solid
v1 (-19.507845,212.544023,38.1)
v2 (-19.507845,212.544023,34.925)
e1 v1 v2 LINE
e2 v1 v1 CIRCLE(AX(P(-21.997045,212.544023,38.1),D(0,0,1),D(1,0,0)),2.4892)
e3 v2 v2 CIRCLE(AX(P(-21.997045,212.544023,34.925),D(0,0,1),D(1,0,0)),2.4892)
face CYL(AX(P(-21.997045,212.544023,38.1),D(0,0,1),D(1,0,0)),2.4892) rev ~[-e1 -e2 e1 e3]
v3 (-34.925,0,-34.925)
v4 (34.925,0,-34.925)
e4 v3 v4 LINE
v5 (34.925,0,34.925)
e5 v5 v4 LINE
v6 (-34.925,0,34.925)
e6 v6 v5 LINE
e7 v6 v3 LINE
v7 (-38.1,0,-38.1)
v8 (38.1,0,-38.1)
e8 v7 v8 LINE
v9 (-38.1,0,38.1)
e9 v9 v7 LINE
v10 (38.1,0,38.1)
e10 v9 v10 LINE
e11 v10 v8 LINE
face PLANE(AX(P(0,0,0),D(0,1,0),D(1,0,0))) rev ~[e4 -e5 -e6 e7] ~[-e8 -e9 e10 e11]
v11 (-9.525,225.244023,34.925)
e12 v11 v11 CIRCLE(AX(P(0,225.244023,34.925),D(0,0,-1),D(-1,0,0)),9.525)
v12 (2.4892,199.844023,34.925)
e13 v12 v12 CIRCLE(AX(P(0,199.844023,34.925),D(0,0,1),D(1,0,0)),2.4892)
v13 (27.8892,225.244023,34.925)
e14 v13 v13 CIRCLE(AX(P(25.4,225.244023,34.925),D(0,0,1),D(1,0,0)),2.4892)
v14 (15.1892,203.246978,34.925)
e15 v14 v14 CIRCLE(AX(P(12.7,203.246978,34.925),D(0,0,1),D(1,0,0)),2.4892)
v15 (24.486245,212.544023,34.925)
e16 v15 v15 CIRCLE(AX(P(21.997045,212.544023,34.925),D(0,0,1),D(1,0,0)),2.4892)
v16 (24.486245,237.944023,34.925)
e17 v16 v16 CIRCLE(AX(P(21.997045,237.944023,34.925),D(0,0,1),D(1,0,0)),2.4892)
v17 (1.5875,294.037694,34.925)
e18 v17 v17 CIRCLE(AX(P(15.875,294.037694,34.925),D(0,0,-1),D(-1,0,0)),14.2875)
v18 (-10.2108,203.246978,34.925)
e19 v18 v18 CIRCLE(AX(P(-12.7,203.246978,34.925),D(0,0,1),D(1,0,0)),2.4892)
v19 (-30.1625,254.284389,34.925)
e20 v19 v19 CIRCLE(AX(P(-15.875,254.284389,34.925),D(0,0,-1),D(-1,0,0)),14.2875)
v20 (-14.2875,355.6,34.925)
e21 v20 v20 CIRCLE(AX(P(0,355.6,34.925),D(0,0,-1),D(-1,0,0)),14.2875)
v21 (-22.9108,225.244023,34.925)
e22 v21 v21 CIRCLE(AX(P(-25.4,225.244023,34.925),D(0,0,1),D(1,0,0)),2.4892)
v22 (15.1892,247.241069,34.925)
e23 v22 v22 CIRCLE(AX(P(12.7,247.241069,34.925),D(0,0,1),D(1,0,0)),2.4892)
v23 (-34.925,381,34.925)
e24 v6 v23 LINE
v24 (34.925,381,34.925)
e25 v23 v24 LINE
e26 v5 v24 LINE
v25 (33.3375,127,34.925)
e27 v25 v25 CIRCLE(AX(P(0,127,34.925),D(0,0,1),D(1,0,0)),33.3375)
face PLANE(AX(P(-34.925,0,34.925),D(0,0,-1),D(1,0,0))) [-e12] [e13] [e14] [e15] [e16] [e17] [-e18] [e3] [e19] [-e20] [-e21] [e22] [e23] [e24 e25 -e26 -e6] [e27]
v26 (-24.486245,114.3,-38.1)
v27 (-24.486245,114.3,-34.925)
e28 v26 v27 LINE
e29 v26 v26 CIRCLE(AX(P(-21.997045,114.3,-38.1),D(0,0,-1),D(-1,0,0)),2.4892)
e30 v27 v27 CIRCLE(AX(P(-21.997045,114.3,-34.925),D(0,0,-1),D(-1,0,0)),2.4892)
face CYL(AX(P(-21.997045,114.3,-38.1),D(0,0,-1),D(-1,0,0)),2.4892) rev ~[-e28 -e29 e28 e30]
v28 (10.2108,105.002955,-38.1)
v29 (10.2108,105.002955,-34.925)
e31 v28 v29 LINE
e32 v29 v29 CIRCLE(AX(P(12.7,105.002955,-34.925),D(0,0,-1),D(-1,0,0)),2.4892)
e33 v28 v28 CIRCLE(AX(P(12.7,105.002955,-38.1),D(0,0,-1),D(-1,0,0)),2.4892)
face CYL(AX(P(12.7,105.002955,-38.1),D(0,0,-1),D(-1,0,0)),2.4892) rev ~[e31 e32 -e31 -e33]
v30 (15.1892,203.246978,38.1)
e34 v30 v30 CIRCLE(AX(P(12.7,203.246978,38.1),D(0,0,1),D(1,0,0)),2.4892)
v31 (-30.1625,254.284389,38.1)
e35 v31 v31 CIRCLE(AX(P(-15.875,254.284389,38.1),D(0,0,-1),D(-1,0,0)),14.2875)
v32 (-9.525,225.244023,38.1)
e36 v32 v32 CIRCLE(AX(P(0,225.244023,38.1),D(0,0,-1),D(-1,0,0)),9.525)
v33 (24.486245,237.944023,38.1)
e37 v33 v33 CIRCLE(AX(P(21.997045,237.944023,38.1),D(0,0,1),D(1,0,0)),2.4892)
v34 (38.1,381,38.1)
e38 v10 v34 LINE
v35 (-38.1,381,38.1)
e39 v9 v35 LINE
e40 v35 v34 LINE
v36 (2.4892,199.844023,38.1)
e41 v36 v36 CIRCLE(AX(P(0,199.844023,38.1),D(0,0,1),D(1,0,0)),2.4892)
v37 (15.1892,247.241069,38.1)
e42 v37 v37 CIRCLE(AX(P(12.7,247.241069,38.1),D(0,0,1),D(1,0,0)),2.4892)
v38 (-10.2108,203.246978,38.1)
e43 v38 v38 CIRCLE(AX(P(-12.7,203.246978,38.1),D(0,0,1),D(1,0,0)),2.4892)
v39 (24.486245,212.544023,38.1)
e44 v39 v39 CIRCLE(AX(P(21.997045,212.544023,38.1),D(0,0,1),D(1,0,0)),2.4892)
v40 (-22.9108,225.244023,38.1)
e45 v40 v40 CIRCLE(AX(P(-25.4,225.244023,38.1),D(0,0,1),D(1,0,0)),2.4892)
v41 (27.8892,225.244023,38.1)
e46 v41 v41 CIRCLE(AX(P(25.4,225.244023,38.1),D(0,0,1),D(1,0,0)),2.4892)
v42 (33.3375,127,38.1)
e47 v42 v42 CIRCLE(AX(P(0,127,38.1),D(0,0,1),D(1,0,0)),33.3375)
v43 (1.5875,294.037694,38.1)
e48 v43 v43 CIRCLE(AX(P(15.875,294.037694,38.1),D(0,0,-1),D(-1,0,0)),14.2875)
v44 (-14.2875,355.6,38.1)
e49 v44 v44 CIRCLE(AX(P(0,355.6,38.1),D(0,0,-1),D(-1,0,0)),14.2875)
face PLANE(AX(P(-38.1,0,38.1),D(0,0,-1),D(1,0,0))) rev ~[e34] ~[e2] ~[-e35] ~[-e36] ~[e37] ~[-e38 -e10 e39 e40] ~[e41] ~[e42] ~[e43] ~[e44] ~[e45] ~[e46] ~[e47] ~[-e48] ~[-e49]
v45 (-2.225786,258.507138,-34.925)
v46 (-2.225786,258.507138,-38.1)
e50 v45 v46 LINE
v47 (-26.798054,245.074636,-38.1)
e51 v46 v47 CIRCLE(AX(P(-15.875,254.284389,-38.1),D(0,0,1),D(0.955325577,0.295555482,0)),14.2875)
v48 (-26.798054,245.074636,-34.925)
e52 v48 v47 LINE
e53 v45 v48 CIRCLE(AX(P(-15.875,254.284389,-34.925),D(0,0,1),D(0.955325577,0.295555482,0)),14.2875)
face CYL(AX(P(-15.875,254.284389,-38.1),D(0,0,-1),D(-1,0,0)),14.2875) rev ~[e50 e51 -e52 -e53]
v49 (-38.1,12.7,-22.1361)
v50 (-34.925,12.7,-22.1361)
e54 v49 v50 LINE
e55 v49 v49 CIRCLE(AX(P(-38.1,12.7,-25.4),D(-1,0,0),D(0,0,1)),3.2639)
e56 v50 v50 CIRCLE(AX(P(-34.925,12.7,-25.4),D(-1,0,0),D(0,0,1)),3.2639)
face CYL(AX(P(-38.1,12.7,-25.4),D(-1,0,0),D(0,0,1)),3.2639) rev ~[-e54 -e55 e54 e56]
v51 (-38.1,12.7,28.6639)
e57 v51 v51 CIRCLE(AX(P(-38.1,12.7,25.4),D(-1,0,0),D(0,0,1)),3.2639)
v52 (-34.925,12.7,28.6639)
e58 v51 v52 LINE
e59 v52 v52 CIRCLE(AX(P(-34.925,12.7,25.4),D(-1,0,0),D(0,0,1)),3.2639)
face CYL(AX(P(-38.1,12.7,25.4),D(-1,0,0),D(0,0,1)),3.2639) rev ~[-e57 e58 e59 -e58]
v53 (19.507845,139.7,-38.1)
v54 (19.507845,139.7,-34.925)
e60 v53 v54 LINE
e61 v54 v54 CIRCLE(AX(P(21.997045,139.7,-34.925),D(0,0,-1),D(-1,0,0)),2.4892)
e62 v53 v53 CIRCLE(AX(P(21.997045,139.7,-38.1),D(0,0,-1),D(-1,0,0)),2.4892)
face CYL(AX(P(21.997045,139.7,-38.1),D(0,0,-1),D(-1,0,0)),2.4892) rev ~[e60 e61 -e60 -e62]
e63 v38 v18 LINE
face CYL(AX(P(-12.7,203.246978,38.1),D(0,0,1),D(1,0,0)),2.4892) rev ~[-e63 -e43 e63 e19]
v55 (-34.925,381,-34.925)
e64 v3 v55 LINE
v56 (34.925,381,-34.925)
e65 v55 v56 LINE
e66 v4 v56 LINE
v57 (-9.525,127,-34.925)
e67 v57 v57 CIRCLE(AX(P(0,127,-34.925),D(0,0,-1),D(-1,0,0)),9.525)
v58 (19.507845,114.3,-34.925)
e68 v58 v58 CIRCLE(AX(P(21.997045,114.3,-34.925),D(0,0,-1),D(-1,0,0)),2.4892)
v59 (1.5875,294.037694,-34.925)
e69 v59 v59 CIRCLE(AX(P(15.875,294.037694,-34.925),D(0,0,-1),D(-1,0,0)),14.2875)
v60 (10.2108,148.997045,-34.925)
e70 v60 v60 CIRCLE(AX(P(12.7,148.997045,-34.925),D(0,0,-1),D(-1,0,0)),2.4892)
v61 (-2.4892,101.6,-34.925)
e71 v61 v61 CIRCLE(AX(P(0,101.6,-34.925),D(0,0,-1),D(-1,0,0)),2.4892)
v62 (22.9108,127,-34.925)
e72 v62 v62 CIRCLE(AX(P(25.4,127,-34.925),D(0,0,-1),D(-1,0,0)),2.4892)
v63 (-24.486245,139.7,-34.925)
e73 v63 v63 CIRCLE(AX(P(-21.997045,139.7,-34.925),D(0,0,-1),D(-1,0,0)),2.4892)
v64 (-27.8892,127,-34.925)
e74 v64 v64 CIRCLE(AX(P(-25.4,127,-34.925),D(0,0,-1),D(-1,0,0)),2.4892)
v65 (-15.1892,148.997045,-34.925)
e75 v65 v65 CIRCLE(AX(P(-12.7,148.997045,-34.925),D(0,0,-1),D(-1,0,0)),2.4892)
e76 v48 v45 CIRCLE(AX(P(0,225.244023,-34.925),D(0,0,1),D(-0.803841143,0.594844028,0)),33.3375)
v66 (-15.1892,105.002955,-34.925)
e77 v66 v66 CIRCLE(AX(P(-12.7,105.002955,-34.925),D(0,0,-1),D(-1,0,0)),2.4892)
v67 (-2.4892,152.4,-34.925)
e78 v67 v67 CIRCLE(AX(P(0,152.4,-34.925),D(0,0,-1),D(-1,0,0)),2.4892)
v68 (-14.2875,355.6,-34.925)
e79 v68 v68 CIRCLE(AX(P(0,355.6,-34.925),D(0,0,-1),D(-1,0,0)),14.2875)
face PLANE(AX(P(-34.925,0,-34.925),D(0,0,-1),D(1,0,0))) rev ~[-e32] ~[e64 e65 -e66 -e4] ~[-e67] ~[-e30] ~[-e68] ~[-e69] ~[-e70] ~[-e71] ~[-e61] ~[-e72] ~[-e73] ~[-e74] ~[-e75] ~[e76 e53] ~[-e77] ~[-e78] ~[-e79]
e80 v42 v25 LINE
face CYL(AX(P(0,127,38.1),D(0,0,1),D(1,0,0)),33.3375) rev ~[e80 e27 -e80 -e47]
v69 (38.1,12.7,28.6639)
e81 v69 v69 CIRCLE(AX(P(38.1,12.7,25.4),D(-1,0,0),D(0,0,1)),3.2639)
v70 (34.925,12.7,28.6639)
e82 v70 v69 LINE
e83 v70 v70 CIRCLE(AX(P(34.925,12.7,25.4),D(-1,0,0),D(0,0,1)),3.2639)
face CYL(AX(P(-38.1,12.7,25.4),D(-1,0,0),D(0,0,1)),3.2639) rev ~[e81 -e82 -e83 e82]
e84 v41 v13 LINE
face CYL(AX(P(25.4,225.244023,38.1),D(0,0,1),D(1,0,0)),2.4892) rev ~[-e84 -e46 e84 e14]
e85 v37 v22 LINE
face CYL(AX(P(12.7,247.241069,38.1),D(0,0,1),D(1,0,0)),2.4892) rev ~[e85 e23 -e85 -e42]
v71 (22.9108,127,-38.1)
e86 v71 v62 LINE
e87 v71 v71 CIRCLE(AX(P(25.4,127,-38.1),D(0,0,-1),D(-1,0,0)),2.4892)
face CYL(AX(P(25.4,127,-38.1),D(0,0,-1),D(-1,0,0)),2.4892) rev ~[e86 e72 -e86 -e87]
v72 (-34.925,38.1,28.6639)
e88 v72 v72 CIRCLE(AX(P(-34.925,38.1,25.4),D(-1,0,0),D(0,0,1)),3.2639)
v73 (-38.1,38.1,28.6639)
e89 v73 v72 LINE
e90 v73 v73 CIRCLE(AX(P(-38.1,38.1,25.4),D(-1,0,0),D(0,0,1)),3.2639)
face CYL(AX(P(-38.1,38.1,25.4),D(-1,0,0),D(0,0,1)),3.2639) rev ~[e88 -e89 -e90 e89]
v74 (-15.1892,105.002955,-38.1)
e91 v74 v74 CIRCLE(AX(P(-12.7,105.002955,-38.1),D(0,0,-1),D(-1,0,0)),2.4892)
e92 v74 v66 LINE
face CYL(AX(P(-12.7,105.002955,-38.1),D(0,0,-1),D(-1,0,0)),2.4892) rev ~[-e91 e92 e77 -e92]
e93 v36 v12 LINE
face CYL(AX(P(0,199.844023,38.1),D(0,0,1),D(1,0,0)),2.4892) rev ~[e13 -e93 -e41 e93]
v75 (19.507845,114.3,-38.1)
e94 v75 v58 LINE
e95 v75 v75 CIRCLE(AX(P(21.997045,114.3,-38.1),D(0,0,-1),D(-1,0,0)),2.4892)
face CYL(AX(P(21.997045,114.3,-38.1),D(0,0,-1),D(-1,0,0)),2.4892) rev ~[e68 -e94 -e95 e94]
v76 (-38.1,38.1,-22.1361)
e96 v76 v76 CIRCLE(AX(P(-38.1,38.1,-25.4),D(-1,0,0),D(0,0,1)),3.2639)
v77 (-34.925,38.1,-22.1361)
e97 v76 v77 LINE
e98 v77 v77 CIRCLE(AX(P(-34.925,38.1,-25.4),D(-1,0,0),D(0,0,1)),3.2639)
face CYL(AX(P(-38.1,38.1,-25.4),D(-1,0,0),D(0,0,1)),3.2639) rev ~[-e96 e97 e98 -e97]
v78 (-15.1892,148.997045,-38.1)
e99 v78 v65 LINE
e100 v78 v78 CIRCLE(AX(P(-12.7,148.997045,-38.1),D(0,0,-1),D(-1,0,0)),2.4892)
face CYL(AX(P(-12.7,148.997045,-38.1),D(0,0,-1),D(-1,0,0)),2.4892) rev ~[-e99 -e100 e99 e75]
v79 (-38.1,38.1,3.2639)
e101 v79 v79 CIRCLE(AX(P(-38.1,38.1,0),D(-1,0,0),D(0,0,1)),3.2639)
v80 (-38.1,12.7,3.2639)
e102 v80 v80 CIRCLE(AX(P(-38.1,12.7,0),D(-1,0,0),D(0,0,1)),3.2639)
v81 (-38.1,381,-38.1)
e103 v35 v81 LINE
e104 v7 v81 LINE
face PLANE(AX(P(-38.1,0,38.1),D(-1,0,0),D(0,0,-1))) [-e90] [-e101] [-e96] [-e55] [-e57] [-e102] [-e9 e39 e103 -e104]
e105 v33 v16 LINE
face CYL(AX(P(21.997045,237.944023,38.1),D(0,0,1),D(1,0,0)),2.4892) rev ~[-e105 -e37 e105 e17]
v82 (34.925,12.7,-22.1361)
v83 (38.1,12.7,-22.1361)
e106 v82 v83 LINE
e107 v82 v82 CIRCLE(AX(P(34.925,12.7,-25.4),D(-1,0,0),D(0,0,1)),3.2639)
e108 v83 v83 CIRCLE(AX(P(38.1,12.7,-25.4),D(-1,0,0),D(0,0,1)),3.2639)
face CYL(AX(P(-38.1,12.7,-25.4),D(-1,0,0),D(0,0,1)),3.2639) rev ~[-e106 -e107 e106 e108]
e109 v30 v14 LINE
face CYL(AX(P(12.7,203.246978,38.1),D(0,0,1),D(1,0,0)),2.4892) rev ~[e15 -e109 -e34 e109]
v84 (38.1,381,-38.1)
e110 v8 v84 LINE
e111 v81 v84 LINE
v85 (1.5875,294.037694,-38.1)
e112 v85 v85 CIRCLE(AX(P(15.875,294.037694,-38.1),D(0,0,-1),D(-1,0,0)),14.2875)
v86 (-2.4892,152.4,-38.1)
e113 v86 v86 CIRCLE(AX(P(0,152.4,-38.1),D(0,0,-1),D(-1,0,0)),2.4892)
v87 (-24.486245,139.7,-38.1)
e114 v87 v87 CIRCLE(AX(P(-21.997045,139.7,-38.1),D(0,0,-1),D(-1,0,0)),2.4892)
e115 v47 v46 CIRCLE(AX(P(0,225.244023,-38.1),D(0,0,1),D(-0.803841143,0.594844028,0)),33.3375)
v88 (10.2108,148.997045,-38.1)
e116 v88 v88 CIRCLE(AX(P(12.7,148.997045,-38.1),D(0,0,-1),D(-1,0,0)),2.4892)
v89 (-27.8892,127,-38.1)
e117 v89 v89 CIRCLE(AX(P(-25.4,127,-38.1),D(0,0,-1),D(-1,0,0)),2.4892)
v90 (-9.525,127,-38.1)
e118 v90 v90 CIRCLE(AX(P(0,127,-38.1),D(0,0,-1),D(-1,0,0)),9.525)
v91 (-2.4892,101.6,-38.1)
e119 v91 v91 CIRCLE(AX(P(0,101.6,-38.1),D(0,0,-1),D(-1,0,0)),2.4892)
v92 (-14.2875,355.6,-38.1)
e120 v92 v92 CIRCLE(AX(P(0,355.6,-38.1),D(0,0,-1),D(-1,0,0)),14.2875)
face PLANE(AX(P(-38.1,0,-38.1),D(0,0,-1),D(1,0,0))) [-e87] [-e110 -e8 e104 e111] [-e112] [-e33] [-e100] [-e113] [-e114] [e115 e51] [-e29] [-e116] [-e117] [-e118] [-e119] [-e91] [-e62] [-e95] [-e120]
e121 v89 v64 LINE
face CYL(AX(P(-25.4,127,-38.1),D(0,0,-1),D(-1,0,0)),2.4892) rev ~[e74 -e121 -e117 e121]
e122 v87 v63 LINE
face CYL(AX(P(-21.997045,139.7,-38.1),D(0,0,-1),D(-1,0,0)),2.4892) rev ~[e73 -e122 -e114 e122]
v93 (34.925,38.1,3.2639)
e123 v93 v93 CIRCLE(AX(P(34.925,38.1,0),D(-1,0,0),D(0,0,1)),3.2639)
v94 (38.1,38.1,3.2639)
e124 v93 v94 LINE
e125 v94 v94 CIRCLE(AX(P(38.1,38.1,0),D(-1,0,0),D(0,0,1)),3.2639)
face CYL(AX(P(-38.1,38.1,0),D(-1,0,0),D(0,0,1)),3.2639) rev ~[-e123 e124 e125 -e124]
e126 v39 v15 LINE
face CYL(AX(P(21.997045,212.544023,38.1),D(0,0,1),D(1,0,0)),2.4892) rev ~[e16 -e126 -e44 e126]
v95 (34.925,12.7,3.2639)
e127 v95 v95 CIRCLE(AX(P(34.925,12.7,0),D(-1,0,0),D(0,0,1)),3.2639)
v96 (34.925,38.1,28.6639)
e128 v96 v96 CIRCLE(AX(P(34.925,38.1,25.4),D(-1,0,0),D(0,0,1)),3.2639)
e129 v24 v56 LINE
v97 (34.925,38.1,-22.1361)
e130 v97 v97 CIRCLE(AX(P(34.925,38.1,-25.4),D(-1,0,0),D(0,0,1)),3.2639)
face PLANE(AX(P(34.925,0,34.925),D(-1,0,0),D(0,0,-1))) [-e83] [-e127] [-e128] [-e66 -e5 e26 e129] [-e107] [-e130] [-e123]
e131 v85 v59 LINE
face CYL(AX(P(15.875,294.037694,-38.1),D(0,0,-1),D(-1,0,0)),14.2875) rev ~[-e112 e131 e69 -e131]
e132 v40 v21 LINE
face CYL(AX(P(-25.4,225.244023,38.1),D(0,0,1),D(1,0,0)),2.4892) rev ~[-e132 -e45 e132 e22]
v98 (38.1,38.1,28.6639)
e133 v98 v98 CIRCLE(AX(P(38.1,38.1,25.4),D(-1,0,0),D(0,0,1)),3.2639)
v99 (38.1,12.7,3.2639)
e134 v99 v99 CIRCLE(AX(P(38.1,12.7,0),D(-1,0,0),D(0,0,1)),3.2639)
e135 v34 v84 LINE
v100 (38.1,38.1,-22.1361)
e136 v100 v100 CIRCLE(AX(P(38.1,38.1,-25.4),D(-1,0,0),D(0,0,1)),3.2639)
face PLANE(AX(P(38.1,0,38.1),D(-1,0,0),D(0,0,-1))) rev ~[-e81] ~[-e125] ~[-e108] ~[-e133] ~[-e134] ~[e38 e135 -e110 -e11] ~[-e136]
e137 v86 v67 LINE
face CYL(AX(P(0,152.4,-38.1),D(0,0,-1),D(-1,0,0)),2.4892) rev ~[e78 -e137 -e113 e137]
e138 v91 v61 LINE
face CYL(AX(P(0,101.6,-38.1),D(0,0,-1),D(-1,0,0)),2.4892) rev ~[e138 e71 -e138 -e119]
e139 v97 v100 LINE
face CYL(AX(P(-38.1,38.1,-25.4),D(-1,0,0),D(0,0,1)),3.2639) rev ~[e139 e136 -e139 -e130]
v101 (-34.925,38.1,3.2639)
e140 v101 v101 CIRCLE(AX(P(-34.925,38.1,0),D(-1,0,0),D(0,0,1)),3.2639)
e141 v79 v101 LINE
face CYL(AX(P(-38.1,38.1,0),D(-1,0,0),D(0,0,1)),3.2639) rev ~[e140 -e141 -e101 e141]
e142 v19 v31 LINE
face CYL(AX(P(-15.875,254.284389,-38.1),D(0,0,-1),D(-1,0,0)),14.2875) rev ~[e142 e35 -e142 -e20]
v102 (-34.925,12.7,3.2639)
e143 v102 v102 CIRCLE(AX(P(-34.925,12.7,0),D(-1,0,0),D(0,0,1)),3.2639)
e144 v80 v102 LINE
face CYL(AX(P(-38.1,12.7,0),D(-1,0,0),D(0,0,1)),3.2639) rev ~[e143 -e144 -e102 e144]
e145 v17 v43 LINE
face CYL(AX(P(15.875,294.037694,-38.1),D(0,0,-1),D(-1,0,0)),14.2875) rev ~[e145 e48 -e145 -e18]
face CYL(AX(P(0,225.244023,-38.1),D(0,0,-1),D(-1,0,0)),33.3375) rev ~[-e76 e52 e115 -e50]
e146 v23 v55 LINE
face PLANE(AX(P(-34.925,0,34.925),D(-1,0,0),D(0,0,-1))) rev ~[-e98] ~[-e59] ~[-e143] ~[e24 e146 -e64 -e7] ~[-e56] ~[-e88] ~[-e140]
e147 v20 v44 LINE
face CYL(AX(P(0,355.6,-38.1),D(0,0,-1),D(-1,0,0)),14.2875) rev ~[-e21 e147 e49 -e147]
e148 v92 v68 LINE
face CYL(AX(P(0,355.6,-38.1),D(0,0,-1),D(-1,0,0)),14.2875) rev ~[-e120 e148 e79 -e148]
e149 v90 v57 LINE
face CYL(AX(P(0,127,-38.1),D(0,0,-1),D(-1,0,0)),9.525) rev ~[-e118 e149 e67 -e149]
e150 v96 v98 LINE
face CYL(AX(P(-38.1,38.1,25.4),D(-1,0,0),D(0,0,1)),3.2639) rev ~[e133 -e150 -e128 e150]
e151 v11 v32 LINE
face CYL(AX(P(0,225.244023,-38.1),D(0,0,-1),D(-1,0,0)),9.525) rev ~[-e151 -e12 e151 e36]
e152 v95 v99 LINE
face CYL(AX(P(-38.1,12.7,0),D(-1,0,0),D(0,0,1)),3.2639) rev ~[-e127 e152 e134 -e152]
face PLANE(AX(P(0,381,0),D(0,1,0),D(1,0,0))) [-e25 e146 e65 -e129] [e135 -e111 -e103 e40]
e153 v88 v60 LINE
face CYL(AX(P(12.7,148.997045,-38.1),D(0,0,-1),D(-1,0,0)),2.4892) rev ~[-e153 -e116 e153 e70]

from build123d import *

# Parameters (mm, degrees)
SKETCH1_W           = 76.2
SKETCH1_H           = 76.2
SKETCH1_W_2         = 69.85
SKETCH1_H_2         = 69.85
BOSS_EXTRUDE1_DEPTH = 381
SKETCH2_R           = 14.2875
SKETCH2_R_2         = 9.525
SKETCH2_R_3         = 2.4892
CUT_EXTRUDE1_DEPTH  = 304.8
SKETCH3_R           = 33.3375
CUT_EXTRUDE2_DEPTH  = 47.625
SKETCH5_R           = 14.2875
SKETCH5_R_2         = 9.525
CUT_EXTRUDE3_DEPTH  = 83.185
SKETCH6_R           = 33.3375
CUT_EXTRUDE4_DEPTH  = 47.625
SKETCH7_R           = 2.4892
CUT_EXTRUDE5_DEPTH  = 47.625
SKETCH10_R          = 3.2639
CUT_EXTRUDE7_DEPTH  = 391.408824183


with BuildPart() as part:
    # Sketch1 → Boss-Extrude1 (new body)
    with BuildSketch(Plane(origin=(0, 0, 0), x_dir=(1, 0, 0), z_dir=(0, 1, 0))):
        Rectangle(SKETCH1_W, SKETCH1_H)
        Rectangle(SKETCH1_W_2, SKETCH1_H_2, mode=Mode.SUBTRACT)
    extrude(amount=BOSS_EXTRUDE1_DEPTH)

    # Sketch2 → Cut-Extrude1 (cut)
    with BuildSketch(Plane(origin=(0, 0, -38.1), x_dir=(-1, 0, 0), z_dir=(0, 0, -1))):
        with Locations((0, 355.6)):
            Circle(SKETCH2_R)
        with Locations((0, 127)):
            Circle(SKETCH2_R_2)
        with Locations((0, 152.4)):
            Circle(SKETCH2_R_3)
        with Locations((12.7, 148.997045256)):
            Circle(SKETCH2_R_3)
        with Locations((21.997045256, 139.7)):
            Circle(SKETCH2_R_3)
        with Locations((25.4, 127)):
            Circle(SKETCH2_R_3)
        with Locations((21.997045256, 114.3)):
            Circle(SKETCH2_R_3)
        with Locations((12.7, 105.002954744)):
            Circle(SKETCH2_R_3)
        with Locations((0, 101.6)):
            Circle(SKETCH2_R_3)
        with Locations((-12.7, 105.002954744)):
            Circle(SKETCH2_R_3)
        with Locations((-21.997045256, 114.3)):
            Circle(SKETCH2_R_3)
        with Locations((-25.4, 127)):
            Circle(SKETCH2_R_3)
        with Locations((-21.997045256, 139.7)):
            Circle(SKETCH2_R_3)
        with Locations((-12.7, 148.997045256)):
            Circle(SKETCH2_R_3)
    extrude(amount=-CUT_EXTRUDE1_DEPTH, mode=Mode.SUBTRACT)

    # Sketch3 → Cut-Extrude2 (cut)
    with BuildSketch(Plane.XY.offset(38.1)):
        with Locations((0, 127)):
            Circle(SKETCH3_R)
    extrude(amount=-CUT_EXTRUDE2_DEPTH, mode=Mode.SUBTRACT)

    # Sketch5 → Cut-Extrude3 (cut)
    with BuildSketch(Plane(origin=(0, 0, -38.1), x_dir=(-1, 0, 0), z_dir=(0, 0, -1))):
        with Locations((-15.875, 294.037693501)):
            Circle(SKETCH5_R)
        with Locations((15.875, 254.284388904)):
            Circle(SKETCH5_R)
        with Locations((0, 225.244023385)):
            Circle(SKETCH5_R_2)
    extrude(amount=-CUT_EXTRUDE3_DEPTH, mode=Mode.SUBTRACT)

    # Sketch6 → Cut-Extrude4 (cut)
    with BuildSketch(Plane(origin=(0, 0, -38.1), x_dir=(-1, 0, 0), z_dir=(0, 0, -1))):
        with Locations((0, 225.244023385)):
            Circle(SKETCH6_R)
    extrude(amount=-CUT_EXTRUDE4_DEPTH, mode=Mode.SUBTRACT)

    # Sketch7 → Cut-Extrude5 (cut)
    with BuildSketch(Plane.XY.offset(38.1)):
        with Locations((0, 199.844023385)):
            Circle(SKETCH7_R)
        with Locations((-12.7, 203.246978129)):
            Circle(SKETCH7_R)
        with Locations((-21.997045256, 212.544023385)):
            Circle(SKETCH7_R)
        with Locations((-25.4, 225.244023385)):
            Circle(SKETCH7_R)
        with Locations((12.7, 247.241068641)):
            Circle(SKETCH7_R)
        with Locations((21.997045256, 237.944023385)):
            Circle(SKETCH7_R)
        with Locations((25.4, 225.244023385)):
            Circle(SKETCH7_R)
        with Locations((21.997045256, 212.544023385)):
            Circle(SKETCH7_R)
        with Locations((12.7, 203.246978129)):
            Circle(SKETCH7_R)
    extrude(amount=-CUT_EXTRUDE5_DEPTH, mode=Mode.SUBTRACT)

    # Sketch10 → Cut-Extrude7 (cut, through all)
    with BuildSketch(Plane.ZY.offset(38.1)):
        with Locations((-25.4, 12.7)):
            Circle(SKETCH10_R)
        with Locations((0, 12.7)):
            Circle(SKETCH10_R)
        with Locations((25.4, 12.7)):
            Circle(SKETCH10_R)
        with Locations((0, 38.1)):
            Circle(SKETCH10_R)
        with Locations((25.4, 38.1)):
            Circle(SKETCH10_R)
        with Locations((-25.4, 38.1)):
            Circle(SKETCH10_R)
    extrude(amount=-CUT_EXTRUDE7_DEPTH, mode=Mode.SUBTRACT)


solid = part.part
